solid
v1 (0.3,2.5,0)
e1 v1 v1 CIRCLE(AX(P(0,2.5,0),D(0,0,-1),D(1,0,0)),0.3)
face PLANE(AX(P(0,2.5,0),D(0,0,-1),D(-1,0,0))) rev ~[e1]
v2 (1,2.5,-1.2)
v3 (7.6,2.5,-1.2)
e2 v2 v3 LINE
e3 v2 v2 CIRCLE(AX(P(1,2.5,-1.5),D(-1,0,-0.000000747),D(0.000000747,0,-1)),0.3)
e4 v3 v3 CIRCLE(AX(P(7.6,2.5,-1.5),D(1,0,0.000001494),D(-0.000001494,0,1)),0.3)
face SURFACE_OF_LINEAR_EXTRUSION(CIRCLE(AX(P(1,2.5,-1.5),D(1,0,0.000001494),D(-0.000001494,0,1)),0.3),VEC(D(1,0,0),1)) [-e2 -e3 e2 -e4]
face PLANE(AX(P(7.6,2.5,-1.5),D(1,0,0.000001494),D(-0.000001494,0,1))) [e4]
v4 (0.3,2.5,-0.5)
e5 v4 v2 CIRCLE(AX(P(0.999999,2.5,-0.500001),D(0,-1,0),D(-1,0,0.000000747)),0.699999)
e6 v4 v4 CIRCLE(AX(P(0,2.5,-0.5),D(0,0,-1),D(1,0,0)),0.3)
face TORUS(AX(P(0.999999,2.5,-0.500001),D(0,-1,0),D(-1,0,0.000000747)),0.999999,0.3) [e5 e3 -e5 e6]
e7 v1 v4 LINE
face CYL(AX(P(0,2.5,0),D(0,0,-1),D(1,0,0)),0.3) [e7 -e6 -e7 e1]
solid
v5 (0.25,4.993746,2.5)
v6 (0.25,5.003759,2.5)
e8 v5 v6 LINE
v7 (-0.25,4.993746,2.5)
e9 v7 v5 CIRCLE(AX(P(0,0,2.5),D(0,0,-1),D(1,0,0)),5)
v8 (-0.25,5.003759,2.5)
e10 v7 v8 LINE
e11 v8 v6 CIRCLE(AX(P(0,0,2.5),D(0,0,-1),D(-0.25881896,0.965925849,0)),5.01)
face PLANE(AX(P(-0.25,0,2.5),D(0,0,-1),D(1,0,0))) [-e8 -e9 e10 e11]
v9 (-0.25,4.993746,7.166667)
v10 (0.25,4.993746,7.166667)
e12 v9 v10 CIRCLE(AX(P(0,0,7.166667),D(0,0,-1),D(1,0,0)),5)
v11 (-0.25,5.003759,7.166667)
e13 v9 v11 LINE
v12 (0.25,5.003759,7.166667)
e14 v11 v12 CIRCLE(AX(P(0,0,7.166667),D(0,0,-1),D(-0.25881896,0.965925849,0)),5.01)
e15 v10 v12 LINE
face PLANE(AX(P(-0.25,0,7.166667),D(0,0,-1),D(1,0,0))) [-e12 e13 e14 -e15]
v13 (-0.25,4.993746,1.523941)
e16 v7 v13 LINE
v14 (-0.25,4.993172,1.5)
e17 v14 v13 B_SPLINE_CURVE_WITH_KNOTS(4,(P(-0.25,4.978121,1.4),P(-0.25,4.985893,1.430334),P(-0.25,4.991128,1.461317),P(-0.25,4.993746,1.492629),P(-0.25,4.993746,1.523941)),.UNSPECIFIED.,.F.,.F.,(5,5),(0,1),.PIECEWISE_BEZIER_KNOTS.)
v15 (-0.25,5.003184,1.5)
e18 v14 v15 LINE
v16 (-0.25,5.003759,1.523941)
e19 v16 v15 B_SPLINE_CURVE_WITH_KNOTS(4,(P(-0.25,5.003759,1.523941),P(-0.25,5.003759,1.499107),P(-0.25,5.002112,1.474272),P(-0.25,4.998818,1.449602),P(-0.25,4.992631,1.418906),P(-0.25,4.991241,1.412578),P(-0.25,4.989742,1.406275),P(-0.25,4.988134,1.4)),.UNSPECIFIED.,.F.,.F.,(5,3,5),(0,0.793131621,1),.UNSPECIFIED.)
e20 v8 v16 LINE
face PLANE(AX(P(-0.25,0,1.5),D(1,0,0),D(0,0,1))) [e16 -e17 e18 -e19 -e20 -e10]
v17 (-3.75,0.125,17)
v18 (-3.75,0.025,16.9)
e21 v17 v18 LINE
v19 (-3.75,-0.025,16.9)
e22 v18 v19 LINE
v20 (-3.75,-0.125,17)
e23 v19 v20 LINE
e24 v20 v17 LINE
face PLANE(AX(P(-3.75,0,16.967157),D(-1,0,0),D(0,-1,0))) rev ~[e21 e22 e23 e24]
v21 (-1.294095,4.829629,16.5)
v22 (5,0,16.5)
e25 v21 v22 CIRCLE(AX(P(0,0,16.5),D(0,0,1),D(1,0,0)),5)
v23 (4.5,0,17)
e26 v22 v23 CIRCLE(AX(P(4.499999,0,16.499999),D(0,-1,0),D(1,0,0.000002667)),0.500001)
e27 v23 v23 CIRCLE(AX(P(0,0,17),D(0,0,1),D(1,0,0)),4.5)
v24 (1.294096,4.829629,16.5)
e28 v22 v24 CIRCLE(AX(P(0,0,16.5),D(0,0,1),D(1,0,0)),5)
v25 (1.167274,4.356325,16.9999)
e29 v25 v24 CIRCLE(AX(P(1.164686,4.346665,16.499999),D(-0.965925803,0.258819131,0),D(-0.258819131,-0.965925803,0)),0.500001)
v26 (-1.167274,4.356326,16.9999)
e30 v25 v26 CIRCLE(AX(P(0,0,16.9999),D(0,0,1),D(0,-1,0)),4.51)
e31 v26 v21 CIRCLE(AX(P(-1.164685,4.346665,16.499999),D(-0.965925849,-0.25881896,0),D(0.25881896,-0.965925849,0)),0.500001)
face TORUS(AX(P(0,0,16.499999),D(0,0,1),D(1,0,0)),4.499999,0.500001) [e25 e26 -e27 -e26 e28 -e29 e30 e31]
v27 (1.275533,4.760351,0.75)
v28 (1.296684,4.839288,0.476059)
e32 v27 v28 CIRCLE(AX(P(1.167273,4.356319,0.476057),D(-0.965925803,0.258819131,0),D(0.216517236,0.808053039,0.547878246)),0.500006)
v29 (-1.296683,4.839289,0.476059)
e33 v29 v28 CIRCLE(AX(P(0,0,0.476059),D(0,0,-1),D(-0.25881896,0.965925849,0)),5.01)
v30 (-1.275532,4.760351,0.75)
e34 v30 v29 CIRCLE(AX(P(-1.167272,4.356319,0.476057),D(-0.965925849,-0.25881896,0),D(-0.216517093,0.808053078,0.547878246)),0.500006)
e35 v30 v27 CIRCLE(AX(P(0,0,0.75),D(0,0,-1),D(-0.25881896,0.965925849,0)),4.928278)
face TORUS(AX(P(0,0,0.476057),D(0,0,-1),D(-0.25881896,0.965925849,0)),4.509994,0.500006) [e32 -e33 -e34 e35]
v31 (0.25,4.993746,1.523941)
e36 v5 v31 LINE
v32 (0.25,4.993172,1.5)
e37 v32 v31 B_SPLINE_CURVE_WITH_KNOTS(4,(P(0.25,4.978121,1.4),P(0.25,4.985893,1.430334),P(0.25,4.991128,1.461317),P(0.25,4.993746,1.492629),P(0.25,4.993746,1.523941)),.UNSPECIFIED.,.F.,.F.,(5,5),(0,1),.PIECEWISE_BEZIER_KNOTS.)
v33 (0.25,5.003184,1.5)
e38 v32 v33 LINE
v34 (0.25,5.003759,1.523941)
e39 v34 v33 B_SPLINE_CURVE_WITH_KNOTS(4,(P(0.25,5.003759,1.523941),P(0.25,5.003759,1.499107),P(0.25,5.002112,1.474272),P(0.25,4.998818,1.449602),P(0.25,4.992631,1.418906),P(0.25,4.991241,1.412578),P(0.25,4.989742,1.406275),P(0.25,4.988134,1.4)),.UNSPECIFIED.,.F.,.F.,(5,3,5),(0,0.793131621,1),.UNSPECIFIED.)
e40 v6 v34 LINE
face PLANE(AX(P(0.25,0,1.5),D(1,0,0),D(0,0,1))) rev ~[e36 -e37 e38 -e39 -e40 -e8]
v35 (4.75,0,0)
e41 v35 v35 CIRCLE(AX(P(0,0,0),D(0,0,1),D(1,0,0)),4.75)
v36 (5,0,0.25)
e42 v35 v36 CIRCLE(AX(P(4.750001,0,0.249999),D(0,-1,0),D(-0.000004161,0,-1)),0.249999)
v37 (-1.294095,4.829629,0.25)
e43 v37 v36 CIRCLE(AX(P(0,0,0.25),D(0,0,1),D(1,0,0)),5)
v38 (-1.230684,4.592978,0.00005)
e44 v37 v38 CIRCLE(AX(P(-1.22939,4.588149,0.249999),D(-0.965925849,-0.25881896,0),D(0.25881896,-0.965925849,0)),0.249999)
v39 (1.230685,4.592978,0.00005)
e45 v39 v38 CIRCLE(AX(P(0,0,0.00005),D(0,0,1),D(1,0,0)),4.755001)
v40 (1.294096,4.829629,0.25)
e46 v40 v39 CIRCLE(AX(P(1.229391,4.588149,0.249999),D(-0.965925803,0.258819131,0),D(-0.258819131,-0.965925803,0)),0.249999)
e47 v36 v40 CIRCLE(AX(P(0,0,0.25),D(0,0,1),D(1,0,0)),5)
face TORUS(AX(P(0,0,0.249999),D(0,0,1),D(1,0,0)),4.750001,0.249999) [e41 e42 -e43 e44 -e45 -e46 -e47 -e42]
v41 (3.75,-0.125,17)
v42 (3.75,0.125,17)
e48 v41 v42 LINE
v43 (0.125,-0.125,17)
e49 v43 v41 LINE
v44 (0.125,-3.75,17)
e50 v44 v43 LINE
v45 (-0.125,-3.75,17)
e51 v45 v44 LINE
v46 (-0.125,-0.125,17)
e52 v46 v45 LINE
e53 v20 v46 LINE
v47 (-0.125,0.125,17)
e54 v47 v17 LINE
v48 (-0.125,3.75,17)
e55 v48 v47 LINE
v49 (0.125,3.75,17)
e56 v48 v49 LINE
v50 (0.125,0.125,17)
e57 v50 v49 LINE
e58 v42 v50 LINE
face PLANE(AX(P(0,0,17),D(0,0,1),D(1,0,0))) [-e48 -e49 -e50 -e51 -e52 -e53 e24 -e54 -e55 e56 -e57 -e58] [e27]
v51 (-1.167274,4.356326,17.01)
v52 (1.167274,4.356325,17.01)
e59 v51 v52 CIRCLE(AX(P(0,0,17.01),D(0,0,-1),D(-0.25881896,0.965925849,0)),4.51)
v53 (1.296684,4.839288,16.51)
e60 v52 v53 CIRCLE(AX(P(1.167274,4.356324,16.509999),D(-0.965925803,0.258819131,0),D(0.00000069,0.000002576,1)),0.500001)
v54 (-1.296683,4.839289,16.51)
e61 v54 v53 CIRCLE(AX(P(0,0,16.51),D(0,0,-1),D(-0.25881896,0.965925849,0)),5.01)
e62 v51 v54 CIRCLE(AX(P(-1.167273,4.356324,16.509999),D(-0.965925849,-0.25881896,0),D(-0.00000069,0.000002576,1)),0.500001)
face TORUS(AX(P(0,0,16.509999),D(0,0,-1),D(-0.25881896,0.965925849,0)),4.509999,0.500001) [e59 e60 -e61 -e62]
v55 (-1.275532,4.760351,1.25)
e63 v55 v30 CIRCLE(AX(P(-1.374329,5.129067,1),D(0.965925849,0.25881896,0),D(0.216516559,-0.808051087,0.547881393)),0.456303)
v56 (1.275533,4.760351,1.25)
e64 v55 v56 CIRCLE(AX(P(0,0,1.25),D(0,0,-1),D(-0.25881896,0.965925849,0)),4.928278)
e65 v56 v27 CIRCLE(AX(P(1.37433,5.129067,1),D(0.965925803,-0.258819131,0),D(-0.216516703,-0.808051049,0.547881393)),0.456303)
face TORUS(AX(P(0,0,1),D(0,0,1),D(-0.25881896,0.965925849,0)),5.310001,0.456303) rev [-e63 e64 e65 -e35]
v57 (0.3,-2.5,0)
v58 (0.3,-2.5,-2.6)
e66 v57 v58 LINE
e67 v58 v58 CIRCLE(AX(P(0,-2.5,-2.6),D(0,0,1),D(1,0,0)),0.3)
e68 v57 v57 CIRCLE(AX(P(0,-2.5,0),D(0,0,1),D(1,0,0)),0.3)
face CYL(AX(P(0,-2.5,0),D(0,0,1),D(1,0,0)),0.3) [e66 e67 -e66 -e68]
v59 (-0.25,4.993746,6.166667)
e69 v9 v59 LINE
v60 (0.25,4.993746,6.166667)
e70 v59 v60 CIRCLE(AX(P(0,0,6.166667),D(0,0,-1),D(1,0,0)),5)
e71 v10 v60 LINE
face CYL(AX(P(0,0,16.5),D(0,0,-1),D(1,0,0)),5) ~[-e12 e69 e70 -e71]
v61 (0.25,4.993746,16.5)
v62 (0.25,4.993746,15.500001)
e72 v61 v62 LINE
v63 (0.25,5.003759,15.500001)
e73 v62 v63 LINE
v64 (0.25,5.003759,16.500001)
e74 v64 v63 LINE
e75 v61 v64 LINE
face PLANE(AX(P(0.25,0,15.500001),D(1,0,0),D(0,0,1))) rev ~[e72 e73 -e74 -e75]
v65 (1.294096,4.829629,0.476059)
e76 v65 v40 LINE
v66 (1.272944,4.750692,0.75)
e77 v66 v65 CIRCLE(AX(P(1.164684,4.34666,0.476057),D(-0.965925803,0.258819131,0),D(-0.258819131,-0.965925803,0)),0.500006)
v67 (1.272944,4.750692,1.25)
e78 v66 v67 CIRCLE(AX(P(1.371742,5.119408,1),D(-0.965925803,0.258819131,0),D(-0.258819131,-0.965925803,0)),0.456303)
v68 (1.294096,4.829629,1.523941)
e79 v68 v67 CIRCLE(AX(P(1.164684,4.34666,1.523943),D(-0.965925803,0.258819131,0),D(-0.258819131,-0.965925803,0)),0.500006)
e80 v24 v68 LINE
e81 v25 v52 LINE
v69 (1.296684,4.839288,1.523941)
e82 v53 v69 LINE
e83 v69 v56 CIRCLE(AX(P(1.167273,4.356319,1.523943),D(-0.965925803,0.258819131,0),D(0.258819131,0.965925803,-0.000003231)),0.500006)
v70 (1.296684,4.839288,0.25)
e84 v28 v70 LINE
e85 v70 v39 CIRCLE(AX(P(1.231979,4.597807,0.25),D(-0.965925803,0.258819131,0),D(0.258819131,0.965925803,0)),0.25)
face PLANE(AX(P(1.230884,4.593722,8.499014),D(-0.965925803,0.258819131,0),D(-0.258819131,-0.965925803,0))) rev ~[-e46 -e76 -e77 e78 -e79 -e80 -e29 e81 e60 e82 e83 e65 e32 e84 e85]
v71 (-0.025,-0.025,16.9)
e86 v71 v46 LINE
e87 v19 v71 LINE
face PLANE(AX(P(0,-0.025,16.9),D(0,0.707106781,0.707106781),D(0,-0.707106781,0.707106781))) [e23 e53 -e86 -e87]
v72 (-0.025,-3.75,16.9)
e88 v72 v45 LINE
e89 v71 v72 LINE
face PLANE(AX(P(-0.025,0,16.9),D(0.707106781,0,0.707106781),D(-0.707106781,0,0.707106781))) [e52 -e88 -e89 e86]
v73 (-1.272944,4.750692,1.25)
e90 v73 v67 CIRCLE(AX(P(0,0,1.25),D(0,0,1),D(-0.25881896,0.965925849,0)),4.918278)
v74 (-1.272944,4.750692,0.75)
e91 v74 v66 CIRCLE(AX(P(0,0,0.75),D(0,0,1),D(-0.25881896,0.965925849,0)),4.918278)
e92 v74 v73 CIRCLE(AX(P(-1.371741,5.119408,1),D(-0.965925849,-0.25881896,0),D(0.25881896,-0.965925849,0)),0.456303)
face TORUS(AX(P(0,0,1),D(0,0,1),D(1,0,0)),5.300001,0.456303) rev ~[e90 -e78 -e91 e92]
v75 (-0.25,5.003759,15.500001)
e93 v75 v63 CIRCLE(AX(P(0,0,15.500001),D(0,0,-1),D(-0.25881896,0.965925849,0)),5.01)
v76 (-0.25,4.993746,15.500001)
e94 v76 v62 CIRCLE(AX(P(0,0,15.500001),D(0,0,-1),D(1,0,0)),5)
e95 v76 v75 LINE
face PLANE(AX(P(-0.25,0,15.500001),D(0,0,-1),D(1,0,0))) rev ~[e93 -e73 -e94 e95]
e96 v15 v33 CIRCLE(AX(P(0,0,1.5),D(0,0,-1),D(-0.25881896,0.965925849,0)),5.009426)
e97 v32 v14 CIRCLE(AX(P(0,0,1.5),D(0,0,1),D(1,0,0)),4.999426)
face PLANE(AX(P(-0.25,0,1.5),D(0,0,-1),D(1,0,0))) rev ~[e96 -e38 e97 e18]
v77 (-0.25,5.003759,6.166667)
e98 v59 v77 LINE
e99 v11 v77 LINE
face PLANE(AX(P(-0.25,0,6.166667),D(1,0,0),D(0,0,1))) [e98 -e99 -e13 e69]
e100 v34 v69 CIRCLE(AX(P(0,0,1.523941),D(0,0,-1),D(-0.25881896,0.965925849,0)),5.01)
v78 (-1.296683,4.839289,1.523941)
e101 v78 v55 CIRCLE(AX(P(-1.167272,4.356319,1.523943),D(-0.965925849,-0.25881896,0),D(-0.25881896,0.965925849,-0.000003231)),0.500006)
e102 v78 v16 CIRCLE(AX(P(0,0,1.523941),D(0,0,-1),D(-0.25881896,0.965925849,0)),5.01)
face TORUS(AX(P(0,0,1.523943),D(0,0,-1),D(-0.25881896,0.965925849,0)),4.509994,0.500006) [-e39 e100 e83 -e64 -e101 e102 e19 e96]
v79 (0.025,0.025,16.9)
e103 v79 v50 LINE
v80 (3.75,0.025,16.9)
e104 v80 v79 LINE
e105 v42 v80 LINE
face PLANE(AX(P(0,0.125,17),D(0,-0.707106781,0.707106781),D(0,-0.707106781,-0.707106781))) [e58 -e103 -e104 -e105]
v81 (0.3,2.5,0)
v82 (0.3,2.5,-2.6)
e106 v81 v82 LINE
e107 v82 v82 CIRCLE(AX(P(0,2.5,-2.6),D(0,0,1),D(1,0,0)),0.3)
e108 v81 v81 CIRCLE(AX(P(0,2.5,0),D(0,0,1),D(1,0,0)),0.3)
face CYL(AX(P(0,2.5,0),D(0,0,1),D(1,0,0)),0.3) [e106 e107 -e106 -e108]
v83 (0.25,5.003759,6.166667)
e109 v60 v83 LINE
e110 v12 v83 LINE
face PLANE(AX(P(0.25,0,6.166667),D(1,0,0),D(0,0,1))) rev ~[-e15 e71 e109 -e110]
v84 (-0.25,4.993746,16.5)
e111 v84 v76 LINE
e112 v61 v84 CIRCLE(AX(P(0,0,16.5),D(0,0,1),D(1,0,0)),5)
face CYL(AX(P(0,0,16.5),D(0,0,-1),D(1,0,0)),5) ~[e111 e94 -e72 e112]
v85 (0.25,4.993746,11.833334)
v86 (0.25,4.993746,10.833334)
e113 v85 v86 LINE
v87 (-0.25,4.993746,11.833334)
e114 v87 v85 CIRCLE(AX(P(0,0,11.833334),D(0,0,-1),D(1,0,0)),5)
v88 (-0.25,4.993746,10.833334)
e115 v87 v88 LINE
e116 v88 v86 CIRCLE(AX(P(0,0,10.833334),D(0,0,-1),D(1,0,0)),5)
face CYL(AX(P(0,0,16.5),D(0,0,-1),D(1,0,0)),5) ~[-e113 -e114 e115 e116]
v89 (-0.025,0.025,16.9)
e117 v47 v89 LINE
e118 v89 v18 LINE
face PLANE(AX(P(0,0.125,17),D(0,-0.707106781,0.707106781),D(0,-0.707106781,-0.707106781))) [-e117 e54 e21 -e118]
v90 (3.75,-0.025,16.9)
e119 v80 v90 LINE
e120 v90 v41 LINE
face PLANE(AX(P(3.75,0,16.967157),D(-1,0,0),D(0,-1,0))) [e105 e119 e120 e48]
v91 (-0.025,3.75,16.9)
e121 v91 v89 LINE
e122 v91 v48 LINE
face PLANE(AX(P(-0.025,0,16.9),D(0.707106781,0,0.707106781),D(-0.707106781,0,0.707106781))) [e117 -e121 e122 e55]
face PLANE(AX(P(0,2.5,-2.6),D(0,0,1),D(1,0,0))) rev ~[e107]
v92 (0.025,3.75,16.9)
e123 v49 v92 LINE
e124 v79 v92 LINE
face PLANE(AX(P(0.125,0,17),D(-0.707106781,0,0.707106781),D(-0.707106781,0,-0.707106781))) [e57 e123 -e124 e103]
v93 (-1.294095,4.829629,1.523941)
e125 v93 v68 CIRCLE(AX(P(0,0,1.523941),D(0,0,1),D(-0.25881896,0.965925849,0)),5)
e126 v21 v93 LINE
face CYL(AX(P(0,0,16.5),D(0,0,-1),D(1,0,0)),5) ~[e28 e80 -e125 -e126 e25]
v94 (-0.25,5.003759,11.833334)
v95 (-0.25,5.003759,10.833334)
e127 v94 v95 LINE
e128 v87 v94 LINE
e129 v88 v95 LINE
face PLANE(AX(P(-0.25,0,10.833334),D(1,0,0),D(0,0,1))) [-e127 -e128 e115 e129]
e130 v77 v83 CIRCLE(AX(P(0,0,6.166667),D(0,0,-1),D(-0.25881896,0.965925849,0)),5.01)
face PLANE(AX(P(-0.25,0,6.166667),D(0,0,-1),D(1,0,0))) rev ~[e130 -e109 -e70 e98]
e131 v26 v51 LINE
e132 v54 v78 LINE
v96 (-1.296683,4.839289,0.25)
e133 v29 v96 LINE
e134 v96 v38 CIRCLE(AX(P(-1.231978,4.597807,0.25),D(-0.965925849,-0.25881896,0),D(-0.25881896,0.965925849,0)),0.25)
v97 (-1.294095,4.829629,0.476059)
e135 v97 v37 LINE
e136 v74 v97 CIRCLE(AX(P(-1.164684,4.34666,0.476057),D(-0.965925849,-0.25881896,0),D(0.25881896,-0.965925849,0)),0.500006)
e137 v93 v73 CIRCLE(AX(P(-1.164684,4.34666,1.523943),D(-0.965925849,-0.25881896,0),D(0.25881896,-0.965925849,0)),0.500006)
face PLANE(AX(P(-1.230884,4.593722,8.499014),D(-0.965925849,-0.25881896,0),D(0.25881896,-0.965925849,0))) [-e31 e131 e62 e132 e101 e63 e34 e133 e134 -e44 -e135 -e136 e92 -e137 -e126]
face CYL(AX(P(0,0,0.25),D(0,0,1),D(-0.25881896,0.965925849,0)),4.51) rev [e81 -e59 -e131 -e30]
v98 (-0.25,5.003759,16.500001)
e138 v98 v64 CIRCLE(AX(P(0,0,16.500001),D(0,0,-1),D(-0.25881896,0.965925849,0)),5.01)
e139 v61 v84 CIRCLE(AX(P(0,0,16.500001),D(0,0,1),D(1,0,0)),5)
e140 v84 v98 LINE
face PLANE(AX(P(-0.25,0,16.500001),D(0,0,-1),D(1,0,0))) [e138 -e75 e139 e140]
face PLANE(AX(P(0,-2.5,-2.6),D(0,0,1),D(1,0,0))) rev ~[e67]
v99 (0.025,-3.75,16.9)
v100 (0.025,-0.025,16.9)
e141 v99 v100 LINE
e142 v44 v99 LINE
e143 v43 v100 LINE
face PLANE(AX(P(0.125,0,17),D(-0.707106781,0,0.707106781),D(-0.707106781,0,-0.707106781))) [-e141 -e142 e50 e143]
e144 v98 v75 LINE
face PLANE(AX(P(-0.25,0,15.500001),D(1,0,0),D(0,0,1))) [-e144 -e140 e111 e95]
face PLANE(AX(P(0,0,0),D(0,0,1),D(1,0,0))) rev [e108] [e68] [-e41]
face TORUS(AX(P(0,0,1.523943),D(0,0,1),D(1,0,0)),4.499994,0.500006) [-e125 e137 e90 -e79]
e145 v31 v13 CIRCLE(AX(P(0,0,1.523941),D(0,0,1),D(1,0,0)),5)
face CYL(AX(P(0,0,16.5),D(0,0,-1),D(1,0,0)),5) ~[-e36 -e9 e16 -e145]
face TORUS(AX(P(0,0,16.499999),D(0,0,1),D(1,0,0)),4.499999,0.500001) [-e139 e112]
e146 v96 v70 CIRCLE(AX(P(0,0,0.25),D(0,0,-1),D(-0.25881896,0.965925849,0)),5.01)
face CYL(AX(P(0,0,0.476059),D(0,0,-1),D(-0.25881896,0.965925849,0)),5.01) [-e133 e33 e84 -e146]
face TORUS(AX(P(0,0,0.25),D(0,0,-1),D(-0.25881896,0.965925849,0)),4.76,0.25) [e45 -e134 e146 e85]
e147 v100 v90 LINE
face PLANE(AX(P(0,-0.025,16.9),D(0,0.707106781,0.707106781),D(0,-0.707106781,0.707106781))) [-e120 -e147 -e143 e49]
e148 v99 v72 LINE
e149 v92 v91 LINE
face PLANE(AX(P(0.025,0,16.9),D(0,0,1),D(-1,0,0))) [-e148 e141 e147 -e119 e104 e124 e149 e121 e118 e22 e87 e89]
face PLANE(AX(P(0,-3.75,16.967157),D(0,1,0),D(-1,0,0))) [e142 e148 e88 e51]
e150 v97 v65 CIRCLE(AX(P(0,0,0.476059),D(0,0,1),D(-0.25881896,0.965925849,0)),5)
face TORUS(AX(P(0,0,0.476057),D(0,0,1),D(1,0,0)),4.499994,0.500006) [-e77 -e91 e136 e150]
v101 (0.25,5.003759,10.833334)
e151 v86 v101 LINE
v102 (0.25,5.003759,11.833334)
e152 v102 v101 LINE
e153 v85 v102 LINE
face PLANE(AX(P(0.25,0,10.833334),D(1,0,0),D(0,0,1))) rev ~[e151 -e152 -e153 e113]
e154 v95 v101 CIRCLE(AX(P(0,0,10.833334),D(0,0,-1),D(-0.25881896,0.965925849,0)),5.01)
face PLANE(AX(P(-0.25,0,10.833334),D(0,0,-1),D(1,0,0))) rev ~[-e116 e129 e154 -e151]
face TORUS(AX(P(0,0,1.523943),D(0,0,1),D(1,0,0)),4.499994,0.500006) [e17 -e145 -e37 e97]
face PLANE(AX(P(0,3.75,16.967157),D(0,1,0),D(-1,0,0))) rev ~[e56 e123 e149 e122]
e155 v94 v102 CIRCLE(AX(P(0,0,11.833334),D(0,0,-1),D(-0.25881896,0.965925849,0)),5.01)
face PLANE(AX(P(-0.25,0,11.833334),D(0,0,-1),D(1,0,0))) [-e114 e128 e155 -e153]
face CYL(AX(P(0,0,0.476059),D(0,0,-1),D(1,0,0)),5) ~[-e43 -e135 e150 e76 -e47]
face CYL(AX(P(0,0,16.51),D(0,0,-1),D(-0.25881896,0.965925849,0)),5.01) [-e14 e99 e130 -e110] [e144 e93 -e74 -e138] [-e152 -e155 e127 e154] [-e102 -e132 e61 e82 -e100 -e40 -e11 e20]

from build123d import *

# Parameters (mm, degrees)
SKETCH003_R         = 0.3
REVOLUTION001_ANGLE = -30
SKETCH015_W         = 0.5
SKETCH015_H         = 1
POCKET002_DEPTH     = 5.011
LINEARPATTERN_COUNT = 4
LINEARPATTERN_PITCH = 4.666667
SKETCH010_R         = 0.3
PAD002_DEPTH        = 2.6
SKETCH013_R         = 4.5
PAD_DEPTH           = 0.5
POCKET001_DEPTH     = 3.75
POLARPATTERN_COUNT  = 3
POLARPATTERN_ANGLE  = 180
SKETCH012_R         = 4.5
POCKET_DEPTH        = 0.5


with BuildPart() as leadangledclone:
    # AdditivePipe: sweep along a path in Sketch004
    with BuildLine(Plane.XZ) as additivepipe_path:
        Line((0, 0), (0, -0.5))
        ThreePointArc((0, -0.5), (0.292893, -1.207107), (1, -1.5))
        Line((1, -1.5), (7.6, -1.5))
    # Sketch003 (on ShapeBinder) → AdditivePipe (sweep)
    with BuildSketch(Plane(origin=(0, 0, 0), x_dir=(1, 0, 0), z_dir=(0, 0, -1))):
        with Locations((0, 2.5)):
            Circle(SKETCH003_R)
    sweep(path=additivepipe_path.line)


with BuildPart() as leadangledclone_1:
    # Body003 placement: moved
    add(leadangledclone.part.moved(Location((0, 5, 0))))


with BuildPart() as polaritymarking:
    # Sketch005 → Revolution001 (revolve)
    with BuildSketch(Plane(origin=(0, 0, 0), x_dir=(-0.258819, 0.965926, 0), z_dir=(0.965926, 0.258819, 0))):
        with BuildLine():
            Line((4.51, 0.25), (4.51, 17.01))
            ThreePointArc((4.51, 17.01), (4.863553, 16.863553), (5.01, 16.51))
            Line((5.01, 16.51), (5.01, 1.523941))
            ThreePointArc((5.01, 1.523941), (4.989134, 1.381006), (4.928278, 1.25))
            ThreePointArc((4.928278, 1.25), (4.853698, 1), (4.928278, 0.75))
            ThreePointArc((4.928278, 0.75), (4.989134, 0.618994), (5.01, 0.476059))
            Line((5.01, 0.476059), (5.01, 0.25))
            ThreePointArc((5.01, 0.25), (4.76, 0), (4.51, 0.25))
        make_face()
    revolve(axis=Axis((0, 0, 0), (0, 0, 1)), revolution_arc=REVOLUTION001_ANGLE)

    # Sketch015 → Pocket002 (cut, through all)
    with BuildSketch(Plane.XZ):
        with Locations((0, 2)):
            Rectangle(SKETCH015_W, SKETCH015_H)
    pocket002 = extrude(amount=-POCKET002_DEPTH, mode=Mode.SUBTRACT)

    # LinearPattern: Pocket002 ×4
    with Locations(*[(0, 0, i * LINEARPATTERN_PITCH) for i in range(1, LINEARPATTERN_COUNT)]):
        add(pocket002, mode=Mode.SUBTRACT)


with BuildPart() as leadstraight:
    # Sketch010 → Pad002 (new body)
    with BuildSketch(Plane(origin=(0, 2.5, 0), x_dir=(1, 0, 0), z_dir=(0, 0, 1))):
        Circle(SKETCH010_R)
    extrude(amount=-PAD002_DEPTH)


with BuildPart() as leadstraightclone:
    # Body007 base: copy of LeadStraight
    add(leadstraight.part)


with BuildPart() as leadstraightclone_1:
    # Body007 placement: moved
    add(leadstraightclone.part.moved(Location((0, -5, 0))))


with BuildPart() as housingtop:
    # Sketch013 (on ShapeBinder) → Pad (new body)
    with BuildSketch(Plane.XY.offset(16.5)):
        Circle(SKETCH013_R)
    extrude(amount=PAD_DEPTH)

    # Sketch014 → Pocket001 (cut, symmetric)
    with BuildSketch(Plane.XZ):
        Polygon((-0.125, 17), (0.125, 17), (0.025, 16.9), (-0.025, 16.9), align=None)
    pocket001 = extrude(amount=POCKET001_DEPTH, both=True, mode=Mode.SUBTRACT)

    # PolarPattern: Pocket001 ×3 about axis
    polarpattern_axis = Axis((0, 0, 0), (0, 0, 1))
    for i in range(1, POLARPATTERN_COUNT):
        add(pocket001.rotate(polarpattern_axis, i * POLARPATTERN_ANGLE / (POLARPATTERN_COUNT - 1)), mode=Mode.SUBTRACT)


with BuildPart() as fusion:
    # Sketch → Revolution (revolve)
    with BuildSketch(Plane.XZ):
        with BuildLine():
            Line((0, 17), (4.5, 17))
            ThreePointArc((5, 16.5), (4.853553, 16.853553), (4.5, 17))
            Line((5, 16.5), (5, 1.523941))
            ThreePointArc((4.918278, 1.25), (4.979134, 1.381006), (5, 1.523941))
            ThreePointArc((4.918278, 1.25), (4.843698, 1), (4.918278, 0.75))
            ThreePointArc((5, 0.476059), (4.979134, 0.618994), (4.918278, 0.75))
            Line((5, 0.476059), (5, 0.25))
            ThreePointArc((4.75, 0), (4.926777, 0.073223), (5, 0.25))
            Line((0, 0), (4.75, 0))
            Line((0, 17), (0, 0))
        make_face()
    revolve(axis=Axis((0, 0, 0), (0, 0, 1)))

    # Sketch012 → Pocket (cut)
    with BuildSketch(Plane.XY.offset(17)):
        Circle(SKETCH012_R)
    extrude(amount=-POCKET_DEPTH, mode=Mode.SUBTRACT)

    # Fusion: union PolarityMarking, LeadStraight, LeadStraightClone, HousingTop
    add(polaritymarking.part)
    add(leadstraight.part)
    add(leadstraightclone_1.part)
    add(housingtop.part)


solid = Compound([leadangledclone_1.part, fusion.part])
